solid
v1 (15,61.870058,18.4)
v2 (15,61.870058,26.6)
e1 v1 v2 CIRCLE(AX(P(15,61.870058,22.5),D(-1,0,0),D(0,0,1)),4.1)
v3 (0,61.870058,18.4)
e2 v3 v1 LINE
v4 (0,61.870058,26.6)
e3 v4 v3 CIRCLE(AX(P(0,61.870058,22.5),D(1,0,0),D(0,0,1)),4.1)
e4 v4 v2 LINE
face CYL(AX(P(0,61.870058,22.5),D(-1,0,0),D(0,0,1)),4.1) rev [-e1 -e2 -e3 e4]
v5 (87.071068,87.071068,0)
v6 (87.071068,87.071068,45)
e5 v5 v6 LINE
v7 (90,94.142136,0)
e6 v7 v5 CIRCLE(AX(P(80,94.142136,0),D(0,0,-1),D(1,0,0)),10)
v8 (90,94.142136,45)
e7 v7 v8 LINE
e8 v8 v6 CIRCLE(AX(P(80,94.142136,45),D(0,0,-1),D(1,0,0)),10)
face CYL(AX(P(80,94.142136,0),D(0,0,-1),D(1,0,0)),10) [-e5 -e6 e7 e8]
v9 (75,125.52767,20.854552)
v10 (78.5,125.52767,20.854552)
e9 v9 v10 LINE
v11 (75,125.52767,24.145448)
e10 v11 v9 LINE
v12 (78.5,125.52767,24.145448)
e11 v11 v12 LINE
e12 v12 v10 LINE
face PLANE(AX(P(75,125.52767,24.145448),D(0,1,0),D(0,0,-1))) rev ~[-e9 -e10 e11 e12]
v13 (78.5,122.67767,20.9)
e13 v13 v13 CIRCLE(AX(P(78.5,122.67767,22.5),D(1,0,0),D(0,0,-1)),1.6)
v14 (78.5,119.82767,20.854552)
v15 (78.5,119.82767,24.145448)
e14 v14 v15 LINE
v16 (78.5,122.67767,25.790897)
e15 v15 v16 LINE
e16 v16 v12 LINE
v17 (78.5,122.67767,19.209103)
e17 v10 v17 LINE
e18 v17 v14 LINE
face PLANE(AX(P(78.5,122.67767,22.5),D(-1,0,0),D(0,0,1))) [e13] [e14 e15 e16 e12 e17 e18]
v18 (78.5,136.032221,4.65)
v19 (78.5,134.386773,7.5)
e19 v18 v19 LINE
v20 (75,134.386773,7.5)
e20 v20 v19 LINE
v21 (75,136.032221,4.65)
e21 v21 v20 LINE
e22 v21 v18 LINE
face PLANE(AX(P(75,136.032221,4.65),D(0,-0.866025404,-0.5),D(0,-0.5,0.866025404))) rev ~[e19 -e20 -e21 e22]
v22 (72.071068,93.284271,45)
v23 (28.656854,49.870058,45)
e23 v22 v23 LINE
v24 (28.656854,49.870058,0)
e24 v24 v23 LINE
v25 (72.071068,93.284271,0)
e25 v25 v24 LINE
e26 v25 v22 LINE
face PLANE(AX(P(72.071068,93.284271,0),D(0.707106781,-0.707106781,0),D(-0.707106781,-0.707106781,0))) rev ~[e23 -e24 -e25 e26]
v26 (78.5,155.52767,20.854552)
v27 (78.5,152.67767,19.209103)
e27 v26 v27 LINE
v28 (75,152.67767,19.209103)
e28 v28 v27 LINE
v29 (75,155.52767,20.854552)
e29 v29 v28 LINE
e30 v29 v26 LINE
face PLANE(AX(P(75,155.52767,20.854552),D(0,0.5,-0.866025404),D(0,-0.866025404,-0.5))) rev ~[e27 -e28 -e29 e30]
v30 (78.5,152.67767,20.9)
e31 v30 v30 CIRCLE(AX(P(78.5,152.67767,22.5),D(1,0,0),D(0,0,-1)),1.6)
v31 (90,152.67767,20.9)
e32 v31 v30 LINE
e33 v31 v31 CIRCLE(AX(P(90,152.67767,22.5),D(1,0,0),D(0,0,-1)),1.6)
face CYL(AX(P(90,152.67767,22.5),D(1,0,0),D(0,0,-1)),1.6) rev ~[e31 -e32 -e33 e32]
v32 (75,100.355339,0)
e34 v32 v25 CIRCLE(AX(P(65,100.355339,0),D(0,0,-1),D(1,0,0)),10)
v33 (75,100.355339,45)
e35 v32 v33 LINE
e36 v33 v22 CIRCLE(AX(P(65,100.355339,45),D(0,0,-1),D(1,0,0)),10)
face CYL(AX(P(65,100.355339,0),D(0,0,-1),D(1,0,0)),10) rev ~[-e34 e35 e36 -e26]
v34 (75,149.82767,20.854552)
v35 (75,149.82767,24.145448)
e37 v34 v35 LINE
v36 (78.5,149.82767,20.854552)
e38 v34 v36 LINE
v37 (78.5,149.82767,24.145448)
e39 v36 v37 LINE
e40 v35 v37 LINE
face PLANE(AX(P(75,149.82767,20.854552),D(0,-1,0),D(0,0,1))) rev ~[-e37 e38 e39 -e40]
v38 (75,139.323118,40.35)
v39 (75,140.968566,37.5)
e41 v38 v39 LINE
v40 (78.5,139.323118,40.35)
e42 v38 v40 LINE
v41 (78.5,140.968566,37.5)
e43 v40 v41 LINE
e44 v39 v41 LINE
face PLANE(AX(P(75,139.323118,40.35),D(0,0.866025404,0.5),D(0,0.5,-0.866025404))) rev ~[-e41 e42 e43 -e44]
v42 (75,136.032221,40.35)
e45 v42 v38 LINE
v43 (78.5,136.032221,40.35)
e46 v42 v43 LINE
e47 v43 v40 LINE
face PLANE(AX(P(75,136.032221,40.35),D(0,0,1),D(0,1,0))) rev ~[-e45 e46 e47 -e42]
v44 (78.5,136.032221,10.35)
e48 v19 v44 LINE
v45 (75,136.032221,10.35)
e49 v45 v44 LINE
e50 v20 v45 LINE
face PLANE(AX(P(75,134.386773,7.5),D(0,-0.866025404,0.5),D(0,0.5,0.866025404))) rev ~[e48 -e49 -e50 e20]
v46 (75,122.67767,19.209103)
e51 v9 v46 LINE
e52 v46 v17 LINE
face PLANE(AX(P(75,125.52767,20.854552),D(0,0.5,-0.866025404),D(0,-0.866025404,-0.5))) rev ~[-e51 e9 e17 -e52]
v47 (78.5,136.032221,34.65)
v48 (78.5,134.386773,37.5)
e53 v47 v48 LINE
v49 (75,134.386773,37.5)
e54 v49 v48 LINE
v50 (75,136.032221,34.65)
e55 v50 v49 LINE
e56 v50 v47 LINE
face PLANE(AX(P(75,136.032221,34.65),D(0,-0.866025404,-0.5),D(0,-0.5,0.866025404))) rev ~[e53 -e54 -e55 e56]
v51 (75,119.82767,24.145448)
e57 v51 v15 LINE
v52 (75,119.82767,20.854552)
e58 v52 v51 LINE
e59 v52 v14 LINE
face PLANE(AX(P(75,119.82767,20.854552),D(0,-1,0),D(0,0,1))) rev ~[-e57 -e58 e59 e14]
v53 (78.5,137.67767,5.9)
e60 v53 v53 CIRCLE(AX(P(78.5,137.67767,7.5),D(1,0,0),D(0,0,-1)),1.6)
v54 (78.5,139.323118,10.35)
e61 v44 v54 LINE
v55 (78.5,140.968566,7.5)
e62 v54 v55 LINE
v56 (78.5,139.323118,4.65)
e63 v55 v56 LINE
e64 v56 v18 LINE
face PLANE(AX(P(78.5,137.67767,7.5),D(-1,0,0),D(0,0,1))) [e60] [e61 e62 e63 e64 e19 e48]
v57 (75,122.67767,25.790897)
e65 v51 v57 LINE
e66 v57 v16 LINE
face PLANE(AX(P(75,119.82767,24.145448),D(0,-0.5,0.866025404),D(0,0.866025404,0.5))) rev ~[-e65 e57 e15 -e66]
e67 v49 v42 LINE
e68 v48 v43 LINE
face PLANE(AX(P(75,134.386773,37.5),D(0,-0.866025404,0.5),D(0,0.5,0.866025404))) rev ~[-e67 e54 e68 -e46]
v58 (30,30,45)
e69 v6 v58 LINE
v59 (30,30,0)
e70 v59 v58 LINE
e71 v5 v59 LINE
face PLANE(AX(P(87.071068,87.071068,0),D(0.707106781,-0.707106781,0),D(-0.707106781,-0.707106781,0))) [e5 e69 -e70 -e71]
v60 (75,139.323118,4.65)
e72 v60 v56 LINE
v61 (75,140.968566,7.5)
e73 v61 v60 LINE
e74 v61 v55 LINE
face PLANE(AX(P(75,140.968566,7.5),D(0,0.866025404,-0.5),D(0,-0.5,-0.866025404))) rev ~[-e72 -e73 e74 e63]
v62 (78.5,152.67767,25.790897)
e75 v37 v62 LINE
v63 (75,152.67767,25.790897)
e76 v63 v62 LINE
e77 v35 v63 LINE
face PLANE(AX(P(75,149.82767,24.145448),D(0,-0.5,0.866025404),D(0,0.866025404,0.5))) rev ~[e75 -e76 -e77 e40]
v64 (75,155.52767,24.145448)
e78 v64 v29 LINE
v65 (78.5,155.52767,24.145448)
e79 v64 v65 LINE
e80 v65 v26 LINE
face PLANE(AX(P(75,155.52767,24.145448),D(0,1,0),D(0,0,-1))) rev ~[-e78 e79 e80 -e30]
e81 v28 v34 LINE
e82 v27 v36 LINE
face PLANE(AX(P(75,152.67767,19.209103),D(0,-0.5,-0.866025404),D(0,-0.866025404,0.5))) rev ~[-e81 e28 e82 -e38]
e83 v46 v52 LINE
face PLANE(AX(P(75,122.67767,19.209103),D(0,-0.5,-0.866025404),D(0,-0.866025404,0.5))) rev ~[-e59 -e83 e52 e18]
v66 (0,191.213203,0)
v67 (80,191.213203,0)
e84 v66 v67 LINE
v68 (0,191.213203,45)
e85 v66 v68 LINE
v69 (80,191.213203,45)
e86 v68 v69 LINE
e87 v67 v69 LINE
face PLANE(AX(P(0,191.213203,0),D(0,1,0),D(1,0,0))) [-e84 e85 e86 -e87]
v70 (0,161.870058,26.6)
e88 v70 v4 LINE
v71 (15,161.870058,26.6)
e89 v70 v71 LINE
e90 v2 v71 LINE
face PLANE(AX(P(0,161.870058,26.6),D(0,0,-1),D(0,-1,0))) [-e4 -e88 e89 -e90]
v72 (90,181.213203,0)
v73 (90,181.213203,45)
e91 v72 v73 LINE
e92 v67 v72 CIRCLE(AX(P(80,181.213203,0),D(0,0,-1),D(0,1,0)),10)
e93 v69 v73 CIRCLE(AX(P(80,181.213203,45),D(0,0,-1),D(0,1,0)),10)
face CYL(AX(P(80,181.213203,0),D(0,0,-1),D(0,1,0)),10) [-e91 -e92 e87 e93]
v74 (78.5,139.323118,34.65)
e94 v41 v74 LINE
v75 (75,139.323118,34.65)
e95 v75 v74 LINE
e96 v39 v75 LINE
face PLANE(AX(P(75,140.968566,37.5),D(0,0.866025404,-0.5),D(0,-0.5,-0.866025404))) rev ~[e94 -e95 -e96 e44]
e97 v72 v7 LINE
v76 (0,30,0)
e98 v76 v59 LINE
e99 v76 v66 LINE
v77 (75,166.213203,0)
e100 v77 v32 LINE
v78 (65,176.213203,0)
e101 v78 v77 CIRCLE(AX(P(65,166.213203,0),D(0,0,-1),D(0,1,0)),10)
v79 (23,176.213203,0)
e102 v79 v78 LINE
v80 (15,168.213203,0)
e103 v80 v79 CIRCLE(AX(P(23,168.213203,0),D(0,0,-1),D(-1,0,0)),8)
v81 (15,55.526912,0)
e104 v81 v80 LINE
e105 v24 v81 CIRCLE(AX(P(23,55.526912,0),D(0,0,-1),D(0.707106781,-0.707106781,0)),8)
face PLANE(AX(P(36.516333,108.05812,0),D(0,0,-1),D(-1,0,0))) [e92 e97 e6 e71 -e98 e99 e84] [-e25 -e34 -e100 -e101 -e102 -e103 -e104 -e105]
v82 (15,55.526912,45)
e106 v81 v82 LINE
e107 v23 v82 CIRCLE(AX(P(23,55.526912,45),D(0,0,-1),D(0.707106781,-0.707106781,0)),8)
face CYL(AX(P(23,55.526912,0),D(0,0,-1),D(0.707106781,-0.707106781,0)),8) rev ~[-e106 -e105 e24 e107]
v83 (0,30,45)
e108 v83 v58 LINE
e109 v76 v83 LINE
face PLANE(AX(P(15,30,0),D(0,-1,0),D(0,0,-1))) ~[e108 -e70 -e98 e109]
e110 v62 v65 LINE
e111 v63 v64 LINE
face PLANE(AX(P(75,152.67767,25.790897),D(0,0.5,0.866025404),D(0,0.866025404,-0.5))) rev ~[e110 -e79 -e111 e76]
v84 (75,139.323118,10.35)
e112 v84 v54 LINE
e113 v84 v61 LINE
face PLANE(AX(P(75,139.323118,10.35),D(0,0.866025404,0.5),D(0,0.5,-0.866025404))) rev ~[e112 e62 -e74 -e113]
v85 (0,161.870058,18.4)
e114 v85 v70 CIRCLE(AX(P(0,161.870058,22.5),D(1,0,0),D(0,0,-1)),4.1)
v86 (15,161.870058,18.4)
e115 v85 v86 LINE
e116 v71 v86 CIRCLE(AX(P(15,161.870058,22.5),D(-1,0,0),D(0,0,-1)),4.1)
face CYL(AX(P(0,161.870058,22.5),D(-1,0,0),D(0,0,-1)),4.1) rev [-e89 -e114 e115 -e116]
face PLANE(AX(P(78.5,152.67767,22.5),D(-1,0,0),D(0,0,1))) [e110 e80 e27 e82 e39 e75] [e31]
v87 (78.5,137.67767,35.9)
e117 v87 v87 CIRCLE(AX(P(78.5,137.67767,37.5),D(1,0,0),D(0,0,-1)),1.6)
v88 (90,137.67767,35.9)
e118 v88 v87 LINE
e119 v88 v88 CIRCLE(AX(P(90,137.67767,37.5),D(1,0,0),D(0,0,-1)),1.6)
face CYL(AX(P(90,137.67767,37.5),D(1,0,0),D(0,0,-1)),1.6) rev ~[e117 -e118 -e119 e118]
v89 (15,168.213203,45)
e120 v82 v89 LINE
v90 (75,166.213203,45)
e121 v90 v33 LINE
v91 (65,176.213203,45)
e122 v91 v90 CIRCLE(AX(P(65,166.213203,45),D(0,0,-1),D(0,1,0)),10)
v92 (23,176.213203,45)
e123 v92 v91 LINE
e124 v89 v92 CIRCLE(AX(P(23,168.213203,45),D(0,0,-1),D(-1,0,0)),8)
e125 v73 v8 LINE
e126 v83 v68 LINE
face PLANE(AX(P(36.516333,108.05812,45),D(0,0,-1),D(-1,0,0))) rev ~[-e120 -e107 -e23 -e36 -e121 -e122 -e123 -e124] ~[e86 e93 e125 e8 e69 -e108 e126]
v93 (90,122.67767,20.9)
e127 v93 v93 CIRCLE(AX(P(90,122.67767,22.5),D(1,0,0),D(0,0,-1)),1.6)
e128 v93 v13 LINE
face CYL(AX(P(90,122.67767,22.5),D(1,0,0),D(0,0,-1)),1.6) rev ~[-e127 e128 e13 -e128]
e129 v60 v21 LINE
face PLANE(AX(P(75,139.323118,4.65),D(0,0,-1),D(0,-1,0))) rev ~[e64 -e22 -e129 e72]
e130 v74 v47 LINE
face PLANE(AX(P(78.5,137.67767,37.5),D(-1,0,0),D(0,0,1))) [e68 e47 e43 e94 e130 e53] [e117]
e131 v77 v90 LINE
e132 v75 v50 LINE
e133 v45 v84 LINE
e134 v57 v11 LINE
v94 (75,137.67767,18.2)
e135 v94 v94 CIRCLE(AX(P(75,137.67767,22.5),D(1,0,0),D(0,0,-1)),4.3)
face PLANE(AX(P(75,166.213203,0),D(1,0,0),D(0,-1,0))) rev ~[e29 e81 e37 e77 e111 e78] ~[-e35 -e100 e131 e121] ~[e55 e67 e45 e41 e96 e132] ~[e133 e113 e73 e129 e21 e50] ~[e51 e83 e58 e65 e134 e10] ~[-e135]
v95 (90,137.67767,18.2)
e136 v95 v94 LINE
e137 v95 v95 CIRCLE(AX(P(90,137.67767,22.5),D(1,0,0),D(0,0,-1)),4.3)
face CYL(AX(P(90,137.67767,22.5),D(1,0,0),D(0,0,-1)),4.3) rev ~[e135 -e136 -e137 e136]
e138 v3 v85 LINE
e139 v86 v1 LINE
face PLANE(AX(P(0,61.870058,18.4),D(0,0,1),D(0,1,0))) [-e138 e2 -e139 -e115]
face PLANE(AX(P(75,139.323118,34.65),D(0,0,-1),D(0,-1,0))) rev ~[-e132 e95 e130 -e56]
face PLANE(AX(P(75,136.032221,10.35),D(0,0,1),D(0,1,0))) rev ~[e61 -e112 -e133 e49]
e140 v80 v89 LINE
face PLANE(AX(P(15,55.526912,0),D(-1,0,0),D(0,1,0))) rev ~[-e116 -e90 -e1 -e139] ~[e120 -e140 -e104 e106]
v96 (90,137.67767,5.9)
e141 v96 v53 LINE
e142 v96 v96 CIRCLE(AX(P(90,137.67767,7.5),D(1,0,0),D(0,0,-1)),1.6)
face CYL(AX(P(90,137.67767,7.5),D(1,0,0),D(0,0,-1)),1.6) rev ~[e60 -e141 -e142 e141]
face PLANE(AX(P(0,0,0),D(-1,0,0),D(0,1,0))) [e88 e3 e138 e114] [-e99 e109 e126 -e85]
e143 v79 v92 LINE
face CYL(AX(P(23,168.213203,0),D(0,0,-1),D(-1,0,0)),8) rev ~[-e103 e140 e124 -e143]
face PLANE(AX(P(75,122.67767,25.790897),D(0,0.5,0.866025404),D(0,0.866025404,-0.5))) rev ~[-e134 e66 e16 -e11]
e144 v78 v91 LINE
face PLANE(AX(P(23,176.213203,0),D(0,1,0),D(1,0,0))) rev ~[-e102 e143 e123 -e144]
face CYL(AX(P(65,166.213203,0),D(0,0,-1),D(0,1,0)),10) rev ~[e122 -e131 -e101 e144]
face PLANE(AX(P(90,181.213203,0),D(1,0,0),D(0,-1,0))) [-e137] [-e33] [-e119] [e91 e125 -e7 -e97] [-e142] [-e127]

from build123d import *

# Parameters (mm, degrees)
BODY_DEPTH                             = 45
BOTTOM_TRIM_SIZE                       = 30
BOTTOM_TRIM_SIZE2                      = 42.426406871
FRONT_MOUNTING_HOLES_REACH             = 92
SKETCH2_R                              = 4.3
SKETCH2_R_2                            = 1.6
FRONT_MOUNTING_HOLES_COUNTERBORE_DEPTH = 3.5
BACK_MOUNTING_SLOT_REACH               = 92


with BuildPart() as part:
    # Sketch1 → Body (new body)
    with BuildSketch(Plane.XY):
        with BuildLine():
            Line((0, 0), (0, 191.213203436))
            Line((0, 191.213203436), (80, 191.213203436))
            ThreePointArc((80, 191.213203436), (87.071067812, 188.284271247), (90, 181.213203436))
            Line((90, 181.213203436), (90, 94.142135624))
            ThreePointArc((90, 94.142135624), (89.238795325, 90.3153013), (87.071067812, 87.071067812))
            Line((87.071067812, 87.071067812), (0, 0))
        make_face()
        with BuildLine():
            Line((72.071067812, 93.284271247), (28.656854249, 49.870057685))
            ThreePointArc((28.656854249, 49.870057685), (19.938532541, 48.135875674), (15, 55.526911935))
            Line((15, 55.526911935), (15, 168.213203436))
            ThreePointArc((15, 168.213203436), (17.343145751, 173.870057685), (23, 176.213203436))
            Line((23, 176.213203436), (65, 176.213203436))
            ThreePointArc((65, 176.213203436), (72.071067812, 173.284271247), (75, 166.213203436))
            Line((75, 166.213203436), (75, 100.355339059))
            ThreePointArc((75, 100.355339059), (74.238795325, 96.528504736), (72.071067812, 93.284271247))
        make_face(mode=Mode.SUBTRACT)
    extrude(amount=BODY_DEPTH)

    # Bottom Trim
    bottom_trim_edges = [part.edges().sort_by_distance(p)[0] for p in [
        (0, 0, 22.5),
    ]]
    bottom_trim_side = [part.faces().sort_by_distance(p)[0] for p in [
        (0, 95.606601718, 22.5),
    ]]
    chamfer(bottom_trim_edges, length=BOTTOM_TRIM_SIZE, length2=BOTTOM_TRIM_SIZE2, reference=bottom_trim_side[0])

    # Sketch2 → Front Mounting Holes (cut, up to next)
    with BuildSketch(Plane(origin=(90, 0, 0), x_dir=(0, 0, -1), z_dir=(1, 0, 0)), mode=Mode.PRIVATE) as front_mounting_holes_sk1:
        with Locations((-22.5, 137.67766953)):
            Circle(SKETCH2_R)
    front_mounting_holes_tool1 = extrude(front_mounting_holes_sk1.sketch, amount=-FRONT_MOUNTING_HOLES_REACH, mode=Mode.PRIVATE) & part.part
    add(front_mounting_holes_tool1.solids().sort_by_distance((90, 137.67767, 22.5))[0], mode=Mode.SUBTRACT)
    # Sketch2 → Front Mounting Holes (cut, up to next)
    with BuildSketch(Plane(origin=(90, 0, 0), x_dir=(0, 0, -1), z_dir=(1, 0, 0)), mode=Mode.PRIVATE) as front_mounting_holes_sk2:
        with Locations((-22.5, 152.67766953)):
            Circle(SKETCH2_R_2)
    front_mounting_holes_tool2 = extrude(front_mounting_holes_sk2.sketch, amount=-FRONT_MOUNTING_HOLES_REACH, mode=Mode.PRIVATE) & part.part
    add(front_mounting_holes_tool2.solids().sort_by_distance((90, 152.67767, 22.5))[0], mode=Mode.SUBTRACT)
    # Sketch2 → Front Mounting Holes (cut, up to next)
    with BuildSketch(Plane(origin=(90, 0, 0), x_dir=(0, 0, -1), z_dir=(1, 0, 0)), mode=Mode.PRIVATE) as front_mounting_holes_sk3:
        with Locations((-7.5, 137.67766953)):
            Circle(SKETCH2_R_2)
    front_mounting_holes_tool3 = extrude(front_mounting_holes_sk3.sketch, amount=-FRONT_MOUNTING_HOLES_REACH, mode=Mode.PRIVATE) & part.part
    add(front_mounting_holes_tool3.solids().sort_by_distance((90, 137.67767, 7.5))[0], mode=Mode.SUBTRACT)
    # Sketch2 → Front Mounting Holes (cut, up to next)
    with BuildSketch(Plane(origin=(90, 0, 0), x_dir=(0, 0, -1), z_dir=(1, 0, 0)), mode=Mode.PRIVATE) as front_mounting_holes_sk4:
        with Locations((-22.5, 122.67766953)):
            Circle(SKETCH2_R_2)
    front_mounting_holes_tool4 = extrude(front_mounting_holes_sk4.sketch, amount=-FRONT_MOUNTING_HOLES_REACH, mode=Mode.PRIVATE) & part.part
    add(front_mounting_holes_tool4.solids().sort_by_distance((90, 122.67767, 22.5))[0], mode=Mode.SUBTRACT)
    # Sketch2 → Front Mounting Holes (cut, up to next)
    with BuildSketch(Plane(origin=(90, 0, 0), x_dir=(0, 0, -1), z_dir=(1, 0, 0)), mode=Mode.PRIVATE) as front_mounting_holes_sk5:
        with Locations((-37.5, 137.67766953)):
            Circle(SKETCH2_R_2)
    front_mounting_holes_tool5 = extrude(front_mounting_holes_sk5.sketch, amount=-FRONT_MOUNTING_HOLES_REACH, mode=Mode.PRIVATE) & part.part
    add(front_mounting_holes_tool5.solids().sort_by_distance((90, 137.67767, 37.5))[0], mode=Mode.SUBTRACT)

    # Sketch3 → Front Mounting Holes Counterbore (cut)
    with BuildSketch(Plane.ZY.offset(-75)):
        Polygon((40.35, 136.032221262), (40.35, 139.323117797), (37.5, 140.968566064), (34.65, 139.323117797), (34.65, 136.032221262), (37.5, 134.386772995), align=None)
        Polygon((24.145448267, 155.52766953), (20.854551733, 155.52766953), (19.209103466, 152.67766953), (20.854551733, 149.82766953), (24.145448267, 149.82766953), (25.790896534, 152.67766953), align=None)
        Polygon((20.854551733, 119.82766953), (24.145448267, 119.82766953), (25.790896534, 122.67766953), (24.145448267, 125.52766953), (20.854551733, 125.52766953), (19.209103466, 122.67766953), align=None)
        Polygon((4.65, 139.323117797), (4.65, 136.032221262), (7.5, 134.386772995), (10.35, 136.032221262), (10.35, 139.323117797), (7.5, 140.968566064), align=None)
    extrude(amount=-FRONT_MOUNTING_HOLES_COUNTERBORE_DEPTH, mode=Mode.SUBTRACT)

    # Sketch4 → Back Mounting Slot (cut, up to next)
    with BuildSketch(Plane.ZY, mode=Mode.PRIVATE) as back_mounting_slot_sk1:
        with BuildLine():
            Line((26.6, 161.870057685), (26.6, 61.870057685))
            ThreePointArc((26.6, 61.870057685), (22.5, 57.770057685), (18.4, 61.870057685))
            Line((18.4, 61.870057685), (18.4, 161.870057685))
            ThreePointArc((18.4, 161.870057685), (22.5, 165.970057685), (26.6, 161.870057685))
        make_face()
    back_mounting_slot_tool1 = extrude(back_mounting_slot_sk1.sketch, amount=-BACK_MOUNTING_SLOT_REACH, mode=Mode.PRIVATE) & part.part
    add(back_mounting_slot_tool1.solids().sort_by_distance((0, 111.870058, 22.5))[0], mode=Mode.SUBTRACT)


solid = part.part
